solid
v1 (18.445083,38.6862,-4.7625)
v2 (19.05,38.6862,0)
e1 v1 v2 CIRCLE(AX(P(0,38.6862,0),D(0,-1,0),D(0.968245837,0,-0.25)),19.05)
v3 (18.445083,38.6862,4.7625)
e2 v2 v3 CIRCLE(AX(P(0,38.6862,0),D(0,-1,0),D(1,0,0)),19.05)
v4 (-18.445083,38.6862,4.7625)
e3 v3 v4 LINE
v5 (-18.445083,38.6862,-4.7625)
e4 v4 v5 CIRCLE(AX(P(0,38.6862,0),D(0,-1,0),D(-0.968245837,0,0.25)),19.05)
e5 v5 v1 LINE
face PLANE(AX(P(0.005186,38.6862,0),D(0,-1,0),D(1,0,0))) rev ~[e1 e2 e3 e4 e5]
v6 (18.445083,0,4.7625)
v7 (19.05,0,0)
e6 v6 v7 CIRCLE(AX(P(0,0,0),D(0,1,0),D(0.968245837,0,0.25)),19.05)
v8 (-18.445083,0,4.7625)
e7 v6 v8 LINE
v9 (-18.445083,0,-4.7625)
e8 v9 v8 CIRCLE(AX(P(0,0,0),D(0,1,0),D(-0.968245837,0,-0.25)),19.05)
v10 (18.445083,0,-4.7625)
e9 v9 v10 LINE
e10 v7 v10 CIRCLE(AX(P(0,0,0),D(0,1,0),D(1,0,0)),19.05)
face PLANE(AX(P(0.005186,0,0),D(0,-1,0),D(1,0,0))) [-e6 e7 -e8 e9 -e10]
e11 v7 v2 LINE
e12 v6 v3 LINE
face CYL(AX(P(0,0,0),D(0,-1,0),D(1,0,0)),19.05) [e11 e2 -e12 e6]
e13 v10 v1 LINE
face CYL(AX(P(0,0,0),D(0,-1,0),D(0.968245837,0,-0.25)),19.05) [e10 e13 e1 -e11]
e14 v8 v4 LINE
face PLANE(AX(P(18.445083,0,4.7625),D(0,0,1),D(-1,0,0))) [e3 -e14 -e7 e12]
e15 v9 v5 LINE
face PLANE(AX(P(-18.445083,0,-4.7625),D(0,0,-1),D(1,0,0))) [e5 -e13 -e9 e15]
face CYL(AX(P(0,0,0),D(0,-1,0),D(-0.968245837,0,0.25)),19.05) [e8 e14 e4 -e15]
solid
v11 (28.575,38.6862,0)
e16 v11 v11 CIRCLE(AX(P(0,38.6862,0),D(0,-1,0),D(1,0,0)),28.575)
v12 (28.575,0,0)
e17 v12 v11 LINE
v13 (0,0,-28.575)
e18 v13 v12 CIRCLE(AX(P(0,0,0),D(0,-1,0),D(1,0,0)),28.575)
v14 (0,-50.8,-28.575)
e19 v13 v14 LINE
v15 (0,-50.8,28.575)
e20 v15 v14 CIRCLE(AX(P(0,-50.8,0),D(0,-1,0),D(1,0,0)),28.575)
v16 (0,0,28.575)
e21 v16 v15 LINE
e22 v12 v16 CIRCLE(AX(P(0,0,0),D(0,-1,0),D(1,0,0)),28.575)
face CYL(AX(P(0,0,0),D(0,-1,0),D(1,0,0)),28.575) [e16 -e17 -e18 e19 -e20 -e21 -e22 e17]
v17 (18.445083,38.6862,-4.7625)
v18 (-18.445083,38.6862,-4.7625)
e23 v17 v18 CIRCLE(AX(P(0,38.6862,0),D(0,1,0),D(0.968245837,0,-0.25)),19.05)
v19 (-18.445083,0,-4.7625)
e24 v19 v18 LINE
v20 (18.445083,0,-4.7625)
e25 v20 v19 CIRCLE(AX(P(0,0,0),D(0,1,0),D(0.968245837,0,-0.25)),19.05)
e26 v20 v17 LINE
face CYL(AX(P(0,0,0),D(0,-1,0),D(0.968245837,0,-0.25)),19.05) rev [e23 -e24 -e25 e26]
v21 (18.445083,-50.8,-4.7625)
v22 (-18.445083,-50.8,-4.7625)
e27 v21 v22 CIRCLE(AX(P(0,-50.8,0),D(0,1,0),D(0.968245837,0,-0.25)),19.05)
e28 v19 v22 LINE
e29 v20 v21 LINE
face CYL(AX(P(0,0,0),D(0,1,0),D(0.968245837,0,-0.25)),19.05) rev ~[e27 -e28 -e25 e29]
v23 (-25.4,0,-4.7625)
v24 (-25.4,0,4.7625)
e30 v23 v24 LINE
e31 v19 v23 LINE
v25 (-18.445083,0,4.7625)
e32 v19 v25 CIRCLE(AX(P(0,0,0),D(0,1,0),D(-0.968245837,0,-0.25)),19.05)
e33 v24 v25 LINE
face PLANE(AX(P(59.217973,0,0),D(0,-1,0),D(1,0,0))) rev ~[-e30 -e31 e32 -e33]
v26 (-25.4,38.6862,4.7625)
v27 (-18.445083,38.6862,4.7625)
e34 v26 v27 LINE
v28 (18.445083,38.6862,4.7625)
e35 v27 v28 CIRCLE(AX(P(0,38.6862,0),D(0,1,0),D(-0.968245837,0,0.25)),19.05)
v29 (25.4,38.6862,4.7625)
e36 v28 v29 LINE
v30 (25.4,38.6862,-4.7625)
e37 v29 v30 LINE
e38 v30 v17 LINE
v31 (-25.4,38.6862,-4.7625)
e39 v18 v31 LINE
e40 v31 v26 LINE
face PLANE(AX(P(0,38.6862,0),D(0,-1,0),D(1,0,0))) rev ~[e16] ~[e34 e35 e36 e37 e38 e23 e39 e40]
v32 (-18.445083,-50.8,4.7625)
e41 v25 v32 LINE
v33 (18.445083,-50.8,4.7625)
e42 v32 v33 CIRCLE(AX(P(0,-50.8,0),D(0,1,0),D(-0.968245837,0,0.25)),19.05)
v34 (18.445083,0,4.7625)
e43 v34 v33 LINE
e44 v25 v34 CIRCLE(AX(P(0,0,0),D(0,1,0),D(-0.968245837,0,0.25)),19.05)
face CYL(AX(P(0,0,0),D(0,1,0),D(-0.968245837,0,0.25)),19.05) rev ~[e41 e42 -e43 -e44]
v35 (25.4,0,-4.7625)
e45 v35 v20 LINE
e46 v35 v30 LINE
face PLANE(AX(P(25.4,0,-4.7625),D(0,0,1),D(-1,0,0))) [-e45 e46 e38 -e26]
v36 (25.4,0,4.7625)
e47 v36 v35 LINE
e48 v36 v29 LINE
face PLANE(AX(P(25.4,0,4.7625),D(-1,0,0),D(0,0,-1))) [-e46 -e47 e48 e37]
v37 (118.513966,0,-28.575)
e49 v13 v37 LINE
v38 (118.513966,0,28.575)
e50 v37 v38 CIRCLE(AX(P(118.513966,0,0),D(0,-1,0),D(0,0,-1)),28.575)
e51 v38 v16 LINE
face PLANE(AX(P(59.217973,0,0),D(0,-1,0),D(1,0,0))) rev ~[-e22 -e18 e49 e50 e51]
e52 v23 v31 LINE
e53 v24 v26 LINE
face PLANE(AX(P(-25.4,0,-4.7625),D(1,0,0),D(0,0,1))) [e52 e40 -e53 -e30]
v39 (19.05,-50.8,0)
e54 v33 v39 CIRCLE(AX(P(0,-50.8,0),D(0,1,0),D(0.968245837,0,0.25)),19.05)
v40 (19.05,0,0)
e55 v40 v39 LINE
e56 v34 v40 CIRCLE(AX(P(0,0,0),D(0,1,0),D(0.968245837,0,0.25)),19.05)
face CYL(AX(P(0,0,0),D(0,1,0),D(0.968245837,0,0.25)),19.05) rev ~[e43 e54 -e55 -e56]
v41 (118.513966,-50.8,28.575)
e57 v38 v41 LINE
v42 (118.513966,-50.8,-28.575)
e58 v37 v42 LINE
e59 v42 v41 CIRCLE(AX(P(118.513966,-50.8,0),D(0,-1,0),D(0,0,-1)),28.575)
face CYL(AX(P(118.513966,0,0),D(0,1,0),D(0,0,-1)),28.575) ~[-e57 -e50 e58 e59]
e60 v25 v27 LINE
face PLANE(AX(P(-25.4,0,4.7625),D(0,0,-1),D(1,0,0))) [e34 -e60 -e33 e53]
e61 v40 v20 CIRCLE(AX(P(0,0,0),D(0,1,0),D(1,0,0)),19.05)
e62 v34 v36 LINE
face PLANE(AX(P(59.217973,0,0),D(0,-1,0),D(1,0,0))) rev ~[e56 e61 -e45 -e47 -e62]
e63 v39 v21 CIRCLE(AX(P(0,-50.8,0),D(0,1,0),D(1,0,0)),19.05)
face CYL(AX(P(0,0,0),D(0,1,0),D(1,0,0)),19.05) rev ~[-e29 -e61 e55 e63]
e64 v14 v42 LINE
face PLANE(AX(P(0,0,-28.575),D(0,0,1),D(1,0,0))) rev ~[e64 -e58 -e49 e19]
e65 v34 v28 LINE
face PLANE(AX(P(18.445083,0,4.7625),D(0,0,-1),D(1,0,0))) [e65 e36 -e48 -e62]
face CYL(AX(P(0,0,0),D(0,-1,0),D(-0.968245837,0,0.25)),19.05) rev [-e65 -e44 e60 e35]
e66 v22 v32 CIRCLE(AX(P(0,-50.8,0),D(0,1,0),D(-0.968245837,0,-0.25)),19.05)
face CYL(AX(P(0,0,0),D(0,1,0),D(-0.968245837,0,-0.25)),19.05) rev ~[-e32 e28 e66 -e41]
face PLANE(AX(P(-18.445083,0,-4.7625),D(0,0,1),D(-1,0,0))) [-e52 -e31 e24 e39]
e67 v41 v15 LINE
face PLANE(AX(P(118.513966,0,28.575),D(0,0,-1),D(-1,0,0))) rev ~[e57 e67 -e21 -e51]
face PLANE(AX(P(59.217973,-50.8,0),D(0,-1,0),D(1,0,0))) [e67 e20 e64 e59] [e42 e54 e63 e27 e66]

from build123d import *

# Parameters (mm, degrees)
F0_R     = 19.05
F1_DEPTH = 50.8
F2_DEPTH = 38.6862


with BuildPart() as f1:
    # F0 (on Front) → F1 (new body)
    with BuildSketch(Plane.XZ):
        with BuildLine():
            ThreePointArc((0, 28.575), (20.2055762724, 20.2055762724), (28.575, 0))
            ThreePointArc((28.575, 0), (20.2055762724, -20.2055762724), (0, -28.575))
            Line((0, -28.575), (118.5139659176, -28.575))
            ThreePointArc((118.5139659176, -28.575), (89.9389659176, 0), (118.5139659176, 28.575))
            Line((118.5139659176, 28.575), (0, 28.575))
        make_face()
        with BuildLine():
            ThreePointArc((147.0889659176, 0), (138.71954219, 20.2055762724), (118.5139659176, 28.575))
            ThreePointArc((118.5139659176, 28.575), (89.9389659176, 0), (118.5139659176, -28.575))
            ThreePointArc((118.5139659176, -28.575), (138.71954219, -20.2055762724), (147.0889659176, 0))
        make_face()
        with Locations((118.5139659176, 0)):
            Circle(F0_R, mode=Mode.SUBTRACT)
        with BuildLine():
            ThreePointArc((0, -28.575), (20.2055762724, -20.2055762724), (28.575, 0))
            ThreePointArc((28.575, 0), (20.2055762724, 20.2055762724), (0, 28.575))
            ThreePointArc((0, 28.575), (-28.575, 0), (0, -28.575))
        make_face()
        with BuildLine():
            ThreePointArc((-18.4450831863, 4.7625), (0, 19.05), (18.4450831863, 4.7625))
            Line((18.4450831863, 4.7625), (25.4, 4.7625))
            Line((25.4, 4.7625), (25.4, -4.7625))
            Line((25.4, -4.7625), (18.4450831863, -4.7625))
            ThreePointArc((18.4450831863, -4.7625), (0, -19.05), (-18.4450831863, -4.7625))
            Line((-18.4450831863, -4.7625), (-25.4, -4.7625))
            Line((-25.4, -4.7625), (-25.4, 4.7625))
            Line((-25.4, 4.7625), (-18.4450831863, 4.7625))
        make_face(mode=Mode.SUBTRACT)
        with Locations((118.5139659176, 0)):
            Circle(F0_R)
        with BuildLine():
            ThreePointArc((-18.4450831863, -4.7625), (-19.05, 0), (-18.4450831863, 4.7625))
            Line((-18.4450831863, 4.7625), (-25.4, 4.7625))
            Line((-25.4, 4.7625), (-25.4, -4.7625))
            Line((-25.4, -4.7625), (-18.4450831863, -4.7625))
        make_face()
        with BuildLine():
            ThreePointArc((18.4450831863, 4.7625), (18.8981657139, 2.4003817718), (19.05, 0))
            ThreePointArc((19.05, 0), (18.8981657139, -2.4003817718), (18.4450831863, -4.7625))
            Line((18.4450831863, -4.7625), (25.4, -4.7625))
            Line((25.4, -4.7625), (25.4, 4.7625))
            Line((25.4, 4.7625), (18.4450831863, 4.7625))
        make_face()
    extrude(amount=F1_DEPTH)

    # F0 (on Front) → F2 (join)
    with BuildSketch(Plane.XZ):
        with BuildLine():
            ThreePointArc((0, -28.575), (20.2055762724, -20.2055762724), (28.575, 0))
            ThreePointArc((28.575, 0), (20.2055762724, 20.2055762724), (0, 28.575))
            ThreePointArc((0, 28.575), (-28.575, 0), (0, -28.575))
        make_face()
        with BuildLine():
            ThreePointArc((-18.4450831863, 4.7625), (0, 19.05), (18.4450831863, 4.7625))
            Line((18.4450831863, 4.7625), (25.4, 4.7625))
            Line((25.4, 4.7625), (25.4, -4.7625))
            Line((25.4, -4.7625), (18.4450831863, -4.7625))
            ThreePointArc((18.4450831863, -4.7625), (0, -19.05), (-18.4450831863, -4.7625))
            Line((-18.4450831863, -4.7625), (-25.4, -4.7625))
            Line((-25.4, -4.7625), (-25.4, 4.7625))
            Line((-25.4, 4.7625), (-18.4450831863, 4.7625))
        make_face(mode=Mode.SUBTRACT)
        with BuildLine():
            ThreePointArc((18.4450831863, -4.7625), (18.8981657139, -2.4003817718), (19.05, 0))
            ThreePointArc((19.05, 0), (18.8981657139, 2.4003817718), (18.4450831863, 4.7625))
            Line((18.4450831863, 4.7625), (-18.4450831863, 4.7625))
            ThreePointArc((-18.4450831863, 4.7625), (-19.05, 0), (-18.4450831863, -4.7625))
            Line((-18.4450831863, -4.7625), (18.4450831863, -4.7625))
        make_face()
    extrude(amount=-F2_DEPTH)


solid = f1.part
